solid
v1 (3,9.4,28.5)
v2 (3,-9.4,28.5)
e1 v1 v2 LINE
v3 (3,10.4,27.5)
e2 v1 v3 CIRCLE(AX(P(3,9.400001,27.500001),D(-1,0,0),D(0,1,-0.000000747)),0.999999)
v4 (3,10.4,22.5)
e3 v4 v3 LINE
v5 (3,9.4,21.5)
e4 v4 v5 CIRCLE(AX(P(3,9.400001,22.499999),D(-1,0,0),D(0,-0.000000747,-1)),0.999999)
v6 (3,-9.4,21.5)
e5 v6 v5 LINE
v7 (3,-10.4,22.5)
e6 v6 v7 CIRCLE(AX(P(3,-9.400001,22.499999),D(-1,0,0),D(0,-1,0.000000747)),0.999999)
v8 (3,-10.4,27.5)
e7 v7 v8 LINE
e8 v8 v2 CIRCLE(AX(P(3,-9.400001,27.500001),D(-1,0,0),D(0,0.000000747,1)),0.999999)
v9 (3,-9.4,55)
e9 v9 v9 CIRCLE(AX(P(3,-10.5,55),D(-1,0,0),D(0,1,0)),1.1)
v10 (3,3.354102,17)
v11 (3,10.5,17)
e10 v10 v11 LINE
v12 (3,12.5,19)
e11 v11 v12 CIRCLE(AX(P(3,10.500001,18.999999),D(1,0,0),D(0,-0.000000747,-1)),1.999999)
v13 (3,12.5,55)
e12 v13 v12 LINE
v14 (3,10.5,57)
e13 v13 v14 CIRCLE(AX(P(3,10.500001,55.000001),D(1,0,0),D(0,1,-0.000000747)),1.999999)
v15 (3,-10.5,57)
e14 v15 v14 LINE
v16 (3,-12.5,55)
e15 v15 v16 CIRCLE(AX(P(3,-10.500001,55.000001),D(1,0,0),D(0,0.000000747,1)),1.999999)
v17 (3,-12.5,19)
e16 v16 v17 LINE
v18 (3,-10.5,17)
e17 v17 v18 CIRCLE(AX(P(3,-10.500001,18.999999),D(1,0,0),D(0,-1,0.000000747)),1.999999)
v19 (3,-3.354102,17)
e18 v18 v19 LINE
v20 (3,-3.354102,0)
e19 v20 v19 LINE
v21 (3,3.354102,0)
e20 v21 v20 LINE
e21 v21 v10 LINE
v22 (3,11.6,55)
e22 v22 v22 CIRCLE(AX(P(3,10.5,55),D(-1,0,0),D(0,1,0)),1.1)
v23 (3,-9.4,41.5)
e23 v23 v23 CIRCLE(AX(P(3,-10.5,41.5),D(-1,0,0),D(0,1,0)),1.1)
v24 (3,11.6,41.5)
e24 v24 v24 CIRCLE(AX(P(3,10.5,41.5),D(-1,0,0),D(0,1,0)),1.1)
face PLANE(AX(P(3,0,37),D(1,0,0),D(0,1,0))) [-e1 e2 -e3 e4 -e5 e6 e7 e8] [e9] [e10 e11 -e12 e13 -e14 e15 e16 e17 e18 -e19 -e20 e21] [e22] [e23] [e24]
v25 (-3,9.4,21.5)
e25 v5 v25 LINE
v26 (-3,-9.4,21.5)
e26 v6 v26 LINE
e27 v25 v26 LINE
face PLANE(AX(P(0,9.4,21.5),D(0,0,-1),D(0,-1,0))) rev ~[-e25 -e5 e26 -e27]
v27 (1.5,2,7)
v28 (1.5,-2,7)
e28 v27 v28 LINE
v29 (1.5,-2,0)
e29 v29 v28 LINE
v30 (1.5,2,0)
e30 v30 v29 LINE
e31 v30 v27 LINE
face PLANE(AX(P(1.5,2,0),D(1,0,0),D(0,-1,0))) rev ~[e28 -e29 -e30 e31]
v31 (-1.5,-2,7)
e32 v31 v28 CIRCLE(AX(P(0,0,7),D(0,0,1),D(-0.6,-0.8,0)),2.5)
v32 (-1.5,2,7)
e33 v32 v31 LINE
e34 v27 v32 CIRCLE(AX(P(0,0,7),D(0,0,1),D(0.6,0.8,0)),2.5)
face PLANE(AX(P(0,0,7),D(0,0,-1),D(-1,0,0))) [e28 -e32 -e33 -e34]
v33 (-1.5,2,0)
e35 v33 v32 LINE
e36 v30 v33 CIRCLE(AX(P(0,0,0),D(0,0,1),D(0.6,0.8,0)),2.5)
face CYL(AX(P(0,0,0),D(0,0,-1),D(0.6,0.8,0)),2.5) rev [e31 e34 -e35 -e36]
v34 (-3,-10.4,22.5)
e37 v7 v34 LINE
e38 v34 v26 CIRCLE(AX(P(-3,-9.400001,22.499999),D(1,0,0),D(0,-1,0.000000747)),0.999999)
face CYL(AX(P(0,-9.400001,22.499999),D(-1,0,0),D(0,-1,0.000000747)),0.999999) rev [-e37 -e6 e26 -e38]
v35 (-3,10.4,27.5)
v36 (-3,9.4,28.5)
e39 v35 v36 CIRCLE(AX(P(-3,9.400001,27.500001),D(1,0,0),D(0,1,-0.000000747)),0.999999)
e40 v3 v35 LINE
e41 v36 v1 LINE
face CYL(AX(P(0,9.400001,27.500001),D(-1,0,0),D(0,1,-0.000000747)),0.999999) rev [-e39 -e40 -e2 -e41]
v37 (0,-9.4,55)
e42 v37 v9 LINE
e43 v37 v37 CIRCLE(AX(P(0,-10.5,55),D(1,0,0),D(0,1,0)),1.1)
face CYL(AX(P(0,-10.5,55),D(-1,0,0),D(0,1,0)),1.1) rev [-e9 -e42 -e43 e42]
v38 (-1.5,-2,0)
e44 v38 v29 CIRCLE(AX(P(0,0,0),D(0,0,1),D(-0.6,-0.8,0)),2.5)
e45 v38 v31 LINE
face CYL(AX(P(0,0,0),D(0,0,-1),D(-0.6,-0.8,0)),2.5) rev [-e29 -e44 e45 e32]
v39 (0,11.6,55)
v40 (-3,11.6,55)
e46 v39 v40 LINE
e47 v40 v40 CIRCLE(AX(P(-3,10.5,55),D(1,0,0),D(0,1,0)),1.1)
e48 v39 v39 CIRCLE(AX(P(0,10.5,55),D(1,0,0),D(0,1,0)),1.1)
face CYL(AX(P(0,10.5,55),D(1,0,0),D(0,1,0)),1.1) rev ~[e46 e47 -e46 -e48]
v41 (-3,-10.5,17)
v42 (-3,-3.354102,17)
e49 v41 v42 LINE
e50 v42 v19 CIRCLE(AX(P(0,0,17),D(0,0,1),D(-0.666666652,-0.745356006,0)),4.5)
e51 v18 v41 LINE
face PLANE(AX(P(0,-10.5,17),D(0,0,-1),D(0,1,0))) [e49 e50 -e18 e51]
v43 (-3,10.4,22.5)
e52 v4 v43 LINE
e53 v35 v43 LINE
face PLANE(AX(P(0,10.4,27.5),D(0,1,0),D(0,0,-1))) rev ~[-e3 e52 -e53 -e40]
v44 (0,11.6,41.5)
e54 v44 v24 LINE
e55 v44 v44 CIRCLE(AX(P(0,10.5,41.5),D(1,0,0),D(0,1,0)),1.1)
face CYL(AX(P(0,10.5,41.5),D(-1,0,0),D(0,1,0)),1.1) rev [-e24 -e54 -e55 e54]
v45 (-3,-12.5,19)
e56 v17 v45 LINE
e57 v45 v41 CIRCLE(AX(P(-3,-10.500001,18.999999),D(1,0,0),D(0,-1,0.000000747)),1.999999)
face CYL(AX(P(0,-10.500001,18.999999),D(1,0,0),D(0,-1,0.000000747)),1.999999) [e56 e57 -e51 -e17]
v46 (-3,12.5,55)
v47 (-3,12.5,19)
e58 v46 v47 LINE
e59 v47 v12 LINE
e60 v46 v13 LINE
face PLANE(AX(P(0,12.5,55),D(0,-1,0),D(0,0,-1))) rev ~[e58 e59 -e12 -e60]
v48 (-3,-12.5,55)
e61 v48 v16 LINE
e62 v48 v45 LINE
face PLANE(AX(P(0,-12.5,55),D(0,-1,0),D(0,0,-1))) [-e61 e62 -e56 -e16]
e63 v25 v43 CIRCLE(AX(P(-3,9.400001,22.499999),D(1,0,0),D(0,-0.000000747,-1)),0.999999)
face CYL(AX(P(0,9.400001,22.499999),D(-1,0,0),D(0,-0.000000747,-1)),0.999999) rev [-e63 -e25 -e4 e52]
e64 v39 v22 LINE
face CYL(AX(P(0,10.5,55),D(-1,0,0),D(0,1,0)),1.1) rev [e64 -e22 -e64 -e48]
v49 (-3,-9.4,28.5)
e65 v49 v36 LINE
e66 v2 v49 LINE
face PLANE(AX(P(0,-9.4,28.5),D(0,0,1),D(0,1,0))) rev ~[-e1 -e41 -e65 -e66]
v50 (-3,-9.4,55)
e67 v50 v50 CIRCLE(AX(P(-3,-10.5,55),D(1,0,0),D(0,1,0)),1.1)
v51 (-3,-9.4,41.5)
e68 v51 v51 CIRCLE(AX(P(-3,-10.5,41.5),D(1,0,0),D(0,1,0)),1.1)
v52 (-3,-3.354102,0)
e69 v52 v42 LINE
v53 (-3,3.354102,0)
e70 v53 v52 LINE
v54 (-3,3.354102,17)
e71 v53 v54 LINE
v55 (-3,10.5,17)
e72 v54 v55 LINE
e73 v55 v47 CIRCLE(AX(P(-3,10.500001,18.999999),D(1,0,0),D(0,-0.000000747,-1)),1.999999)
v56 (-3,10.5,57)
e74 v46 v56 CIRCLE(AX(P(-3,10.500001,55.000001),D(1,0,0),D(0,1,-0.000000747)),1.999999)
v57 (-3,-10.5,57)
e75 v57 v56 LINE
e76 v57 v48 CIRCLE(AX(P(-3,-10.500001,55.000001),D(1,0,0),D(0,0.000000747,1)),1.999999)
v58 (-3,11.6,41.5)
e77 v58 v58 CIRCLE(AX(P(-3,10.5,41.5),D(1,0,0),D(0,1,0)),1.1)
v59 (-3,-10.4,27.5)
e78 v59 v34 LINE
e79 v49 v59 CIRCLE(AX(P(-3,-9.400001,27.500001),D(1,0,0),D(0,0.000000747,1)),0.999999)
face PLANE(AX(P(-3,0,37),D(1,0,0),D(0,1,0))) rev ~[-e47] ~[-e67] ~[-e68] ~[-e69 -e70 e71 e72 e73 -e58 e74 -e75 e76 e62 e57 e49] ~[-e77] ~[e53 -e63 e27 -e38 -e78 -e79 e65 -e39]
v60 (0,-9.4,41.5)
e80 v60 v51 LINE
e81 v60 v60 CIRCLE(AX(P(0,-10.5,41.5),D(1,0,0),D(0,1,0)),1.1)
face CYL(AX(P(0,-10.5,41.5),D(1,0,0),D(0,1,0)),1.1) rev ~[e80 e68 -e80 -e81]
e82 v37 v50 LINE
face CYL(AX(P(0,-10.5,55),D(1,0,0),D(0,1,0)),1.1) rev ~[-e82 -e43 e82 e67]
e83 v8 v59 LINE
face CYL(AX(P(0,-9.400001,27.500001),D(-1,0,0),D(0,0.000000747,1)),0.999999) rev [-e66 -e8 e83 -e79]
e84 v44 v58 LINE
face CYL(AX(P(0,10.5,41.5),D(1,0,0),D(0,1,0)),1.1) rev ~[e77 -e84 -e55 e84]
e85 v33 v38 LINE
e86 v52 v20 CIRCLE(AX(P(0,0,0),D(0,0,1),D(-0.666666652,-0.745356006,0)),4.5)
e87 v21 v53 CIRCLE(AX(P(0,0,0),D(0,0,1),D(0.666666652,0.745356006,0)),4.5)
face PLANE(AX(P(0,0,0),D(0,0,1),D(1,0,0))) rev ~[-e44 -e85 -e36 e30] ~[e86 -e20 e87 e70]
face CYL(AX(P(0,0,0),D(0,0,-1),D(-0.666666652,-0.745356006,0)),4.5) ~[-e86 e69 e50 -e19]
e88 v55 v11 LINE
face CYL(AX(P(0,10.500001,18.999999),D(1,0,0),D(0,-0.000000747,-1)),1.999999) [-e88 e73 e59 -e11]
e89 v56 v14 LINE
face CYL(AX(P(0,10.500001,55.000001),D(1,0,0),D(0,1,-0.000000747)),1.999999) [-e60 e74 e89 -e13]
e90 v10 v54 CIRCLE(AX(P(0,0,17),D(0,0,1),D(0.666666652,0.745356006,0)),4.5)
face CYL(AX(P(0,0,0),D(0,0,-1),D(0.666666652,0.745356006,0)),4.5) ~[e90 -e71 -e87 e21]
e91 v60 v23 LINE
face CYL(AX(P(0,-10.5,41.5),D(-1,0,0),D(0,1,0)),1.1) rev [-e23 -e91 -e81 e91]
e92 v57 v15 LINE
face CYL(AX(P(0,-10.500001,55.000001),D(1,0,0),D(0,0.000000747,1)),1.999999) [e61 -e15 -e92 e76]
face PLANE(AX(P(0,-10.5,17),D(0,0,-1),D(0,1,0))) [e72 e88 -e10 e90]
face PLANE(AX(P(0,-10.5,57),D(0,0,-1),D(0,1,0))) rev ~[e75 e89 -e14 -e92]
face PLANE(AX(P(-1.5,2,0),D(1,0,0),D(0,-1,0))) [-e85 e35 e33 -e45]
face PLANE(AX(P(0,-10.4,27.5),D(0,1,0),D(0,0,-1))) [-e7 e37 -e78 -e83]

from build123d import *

# Parameters (mm, degrees)
PAD_DEPTH            = 17
POCKET_DEPTH         = 7
PAD001_DEPTH         = 3
PAD001_DEPTH_BACK    = 3
SKETCH003_R          = 1.1
POCKET001_DEPTH      = 5
POCKET001_DEPTH_BACK = -5
POCKET002_DEPTH      = 5
POCKET002_DEPTH_BACK = -5


with BuildPart() as part:
    # Sketch001 → Pad (new body)
    with BuildSketch(Plane.XY):
        with BuildLine():
            Line((-3, 3.354102), (-3, -3.354102))
            ThreePointArc((-3, -3.354102), (0, -4.5), (3, -3.354102))
            Line((3, 3.354102), (3, -3.354102))
            ThreePointArc((3, 3.354102), (0, 4.5), (-3, 3.354102))
        make_face()
    extrude(amount=PAD_DEPTH)

    # Sketch → Pocket (cut)
    with BuildSketch(Plane.XY):
        with BuildLine():
            Line((1.5, 2), (1.5, -2))
            ThreePointArc((-1.5, -2), (0, -2.5), (1.5, -2))
            Line((-1.5, 2), (-1.5, -2))
            ThreePointArc((1.5, 2), (0, 2.5), (-1.5, 2))
        make_face()
    extrude(amount=POCKET_DEPTH, mode=Mode.SUBTRACT)

    # Sketch002 → Pad001 (join, two sides)
    with BuildSketch(Plane.YZ) as pad001_sk:
        with BuildLine():
            Line((-10.5, 17), (10.5, 17))
            ThreePointArc((10.5, 17), (11.914214, 17.585786), (12.5, 19))
            Line((12.5, 55), (12.5, 19))
            ThreePointArc((12.5, 55), (11.914214, 56.414214), (10.5, 57))
            Line((-10.5, 57), (10.5, 57))
            ThreePointArc((-10.5, 57), (-11.914214, 56.414214), (-12.5, 55))
            Line((-12.5, 55), (-12.5, 19))
            ThreePointArc((-12.5, 19), (-11.914214, 17.585786), (-10.5, 17))
        make_face()
    extrude(amount=PAD001_DEPTH)
    extrude(pad001_sk.sketch, amount=-PAD001_DEPTH_BACK)

    # Sketch003 → Pocket001 (cut, two sides)
    with BuildSketch(Plane.YZ) as pocket001_sk:
        with Locations((-10.5, 55)):
            Circle(SKETCH003_R)
        with Locations((10.5, 55)):
            Circle(SKETCH003_R)
        with Locations((10.5, 41.5)):
            Circle(SKETCH003_R)
        with Locations((-10.5, 41.5)):
            Circle(SKETCH003_R)
    extrude(amount=-POCKET001_DEPTH, mode=Mode.SUBTRACT)
    extrude(pocket001_sk.sketch, amount=-POCKET001_DEPTH_BACK, mode=Mode.SUBTRACT)

    # Sketch004 → Pocket002 (cut, two sides)
    with BuildSketch(Plane.YZ) as pocket002_sk:
        with BuildLine():
            Line((-9.4, 28.5), (9.4, 28.5))
            ThreePointArc((10.4, 27.5), (10.107107, 28.207107), (9.4, 28.5))
            Line((10.4, 27.5), (10.4, 22.5))
            ThreePointArc((9.4, 21.5), (10.107107, 21.792893), (10.4, 22.5))
            Line((9.4, 21.5), (-9.4, 21.5))
            ThreePointArc((-10.4, 22.5), (-10.107107, 21.792893), (-9.4, 21.5))
            Line((-10.4, 27.5), (-10.4, 22.5))
            ThreePointArc((-9.4, 28.5), (-10.107107, 28.207107), (-10.4, 27.5))
        make_face()
    extrude(amount=-POCKET002_DEPTH, mode=Mode.SUBTRACT)
    extrude(pocket002_sk.sketch, amount=-POCKET002_DEPTH_BACK, mode=Mode.SUBTRACT)


solid = part.part
